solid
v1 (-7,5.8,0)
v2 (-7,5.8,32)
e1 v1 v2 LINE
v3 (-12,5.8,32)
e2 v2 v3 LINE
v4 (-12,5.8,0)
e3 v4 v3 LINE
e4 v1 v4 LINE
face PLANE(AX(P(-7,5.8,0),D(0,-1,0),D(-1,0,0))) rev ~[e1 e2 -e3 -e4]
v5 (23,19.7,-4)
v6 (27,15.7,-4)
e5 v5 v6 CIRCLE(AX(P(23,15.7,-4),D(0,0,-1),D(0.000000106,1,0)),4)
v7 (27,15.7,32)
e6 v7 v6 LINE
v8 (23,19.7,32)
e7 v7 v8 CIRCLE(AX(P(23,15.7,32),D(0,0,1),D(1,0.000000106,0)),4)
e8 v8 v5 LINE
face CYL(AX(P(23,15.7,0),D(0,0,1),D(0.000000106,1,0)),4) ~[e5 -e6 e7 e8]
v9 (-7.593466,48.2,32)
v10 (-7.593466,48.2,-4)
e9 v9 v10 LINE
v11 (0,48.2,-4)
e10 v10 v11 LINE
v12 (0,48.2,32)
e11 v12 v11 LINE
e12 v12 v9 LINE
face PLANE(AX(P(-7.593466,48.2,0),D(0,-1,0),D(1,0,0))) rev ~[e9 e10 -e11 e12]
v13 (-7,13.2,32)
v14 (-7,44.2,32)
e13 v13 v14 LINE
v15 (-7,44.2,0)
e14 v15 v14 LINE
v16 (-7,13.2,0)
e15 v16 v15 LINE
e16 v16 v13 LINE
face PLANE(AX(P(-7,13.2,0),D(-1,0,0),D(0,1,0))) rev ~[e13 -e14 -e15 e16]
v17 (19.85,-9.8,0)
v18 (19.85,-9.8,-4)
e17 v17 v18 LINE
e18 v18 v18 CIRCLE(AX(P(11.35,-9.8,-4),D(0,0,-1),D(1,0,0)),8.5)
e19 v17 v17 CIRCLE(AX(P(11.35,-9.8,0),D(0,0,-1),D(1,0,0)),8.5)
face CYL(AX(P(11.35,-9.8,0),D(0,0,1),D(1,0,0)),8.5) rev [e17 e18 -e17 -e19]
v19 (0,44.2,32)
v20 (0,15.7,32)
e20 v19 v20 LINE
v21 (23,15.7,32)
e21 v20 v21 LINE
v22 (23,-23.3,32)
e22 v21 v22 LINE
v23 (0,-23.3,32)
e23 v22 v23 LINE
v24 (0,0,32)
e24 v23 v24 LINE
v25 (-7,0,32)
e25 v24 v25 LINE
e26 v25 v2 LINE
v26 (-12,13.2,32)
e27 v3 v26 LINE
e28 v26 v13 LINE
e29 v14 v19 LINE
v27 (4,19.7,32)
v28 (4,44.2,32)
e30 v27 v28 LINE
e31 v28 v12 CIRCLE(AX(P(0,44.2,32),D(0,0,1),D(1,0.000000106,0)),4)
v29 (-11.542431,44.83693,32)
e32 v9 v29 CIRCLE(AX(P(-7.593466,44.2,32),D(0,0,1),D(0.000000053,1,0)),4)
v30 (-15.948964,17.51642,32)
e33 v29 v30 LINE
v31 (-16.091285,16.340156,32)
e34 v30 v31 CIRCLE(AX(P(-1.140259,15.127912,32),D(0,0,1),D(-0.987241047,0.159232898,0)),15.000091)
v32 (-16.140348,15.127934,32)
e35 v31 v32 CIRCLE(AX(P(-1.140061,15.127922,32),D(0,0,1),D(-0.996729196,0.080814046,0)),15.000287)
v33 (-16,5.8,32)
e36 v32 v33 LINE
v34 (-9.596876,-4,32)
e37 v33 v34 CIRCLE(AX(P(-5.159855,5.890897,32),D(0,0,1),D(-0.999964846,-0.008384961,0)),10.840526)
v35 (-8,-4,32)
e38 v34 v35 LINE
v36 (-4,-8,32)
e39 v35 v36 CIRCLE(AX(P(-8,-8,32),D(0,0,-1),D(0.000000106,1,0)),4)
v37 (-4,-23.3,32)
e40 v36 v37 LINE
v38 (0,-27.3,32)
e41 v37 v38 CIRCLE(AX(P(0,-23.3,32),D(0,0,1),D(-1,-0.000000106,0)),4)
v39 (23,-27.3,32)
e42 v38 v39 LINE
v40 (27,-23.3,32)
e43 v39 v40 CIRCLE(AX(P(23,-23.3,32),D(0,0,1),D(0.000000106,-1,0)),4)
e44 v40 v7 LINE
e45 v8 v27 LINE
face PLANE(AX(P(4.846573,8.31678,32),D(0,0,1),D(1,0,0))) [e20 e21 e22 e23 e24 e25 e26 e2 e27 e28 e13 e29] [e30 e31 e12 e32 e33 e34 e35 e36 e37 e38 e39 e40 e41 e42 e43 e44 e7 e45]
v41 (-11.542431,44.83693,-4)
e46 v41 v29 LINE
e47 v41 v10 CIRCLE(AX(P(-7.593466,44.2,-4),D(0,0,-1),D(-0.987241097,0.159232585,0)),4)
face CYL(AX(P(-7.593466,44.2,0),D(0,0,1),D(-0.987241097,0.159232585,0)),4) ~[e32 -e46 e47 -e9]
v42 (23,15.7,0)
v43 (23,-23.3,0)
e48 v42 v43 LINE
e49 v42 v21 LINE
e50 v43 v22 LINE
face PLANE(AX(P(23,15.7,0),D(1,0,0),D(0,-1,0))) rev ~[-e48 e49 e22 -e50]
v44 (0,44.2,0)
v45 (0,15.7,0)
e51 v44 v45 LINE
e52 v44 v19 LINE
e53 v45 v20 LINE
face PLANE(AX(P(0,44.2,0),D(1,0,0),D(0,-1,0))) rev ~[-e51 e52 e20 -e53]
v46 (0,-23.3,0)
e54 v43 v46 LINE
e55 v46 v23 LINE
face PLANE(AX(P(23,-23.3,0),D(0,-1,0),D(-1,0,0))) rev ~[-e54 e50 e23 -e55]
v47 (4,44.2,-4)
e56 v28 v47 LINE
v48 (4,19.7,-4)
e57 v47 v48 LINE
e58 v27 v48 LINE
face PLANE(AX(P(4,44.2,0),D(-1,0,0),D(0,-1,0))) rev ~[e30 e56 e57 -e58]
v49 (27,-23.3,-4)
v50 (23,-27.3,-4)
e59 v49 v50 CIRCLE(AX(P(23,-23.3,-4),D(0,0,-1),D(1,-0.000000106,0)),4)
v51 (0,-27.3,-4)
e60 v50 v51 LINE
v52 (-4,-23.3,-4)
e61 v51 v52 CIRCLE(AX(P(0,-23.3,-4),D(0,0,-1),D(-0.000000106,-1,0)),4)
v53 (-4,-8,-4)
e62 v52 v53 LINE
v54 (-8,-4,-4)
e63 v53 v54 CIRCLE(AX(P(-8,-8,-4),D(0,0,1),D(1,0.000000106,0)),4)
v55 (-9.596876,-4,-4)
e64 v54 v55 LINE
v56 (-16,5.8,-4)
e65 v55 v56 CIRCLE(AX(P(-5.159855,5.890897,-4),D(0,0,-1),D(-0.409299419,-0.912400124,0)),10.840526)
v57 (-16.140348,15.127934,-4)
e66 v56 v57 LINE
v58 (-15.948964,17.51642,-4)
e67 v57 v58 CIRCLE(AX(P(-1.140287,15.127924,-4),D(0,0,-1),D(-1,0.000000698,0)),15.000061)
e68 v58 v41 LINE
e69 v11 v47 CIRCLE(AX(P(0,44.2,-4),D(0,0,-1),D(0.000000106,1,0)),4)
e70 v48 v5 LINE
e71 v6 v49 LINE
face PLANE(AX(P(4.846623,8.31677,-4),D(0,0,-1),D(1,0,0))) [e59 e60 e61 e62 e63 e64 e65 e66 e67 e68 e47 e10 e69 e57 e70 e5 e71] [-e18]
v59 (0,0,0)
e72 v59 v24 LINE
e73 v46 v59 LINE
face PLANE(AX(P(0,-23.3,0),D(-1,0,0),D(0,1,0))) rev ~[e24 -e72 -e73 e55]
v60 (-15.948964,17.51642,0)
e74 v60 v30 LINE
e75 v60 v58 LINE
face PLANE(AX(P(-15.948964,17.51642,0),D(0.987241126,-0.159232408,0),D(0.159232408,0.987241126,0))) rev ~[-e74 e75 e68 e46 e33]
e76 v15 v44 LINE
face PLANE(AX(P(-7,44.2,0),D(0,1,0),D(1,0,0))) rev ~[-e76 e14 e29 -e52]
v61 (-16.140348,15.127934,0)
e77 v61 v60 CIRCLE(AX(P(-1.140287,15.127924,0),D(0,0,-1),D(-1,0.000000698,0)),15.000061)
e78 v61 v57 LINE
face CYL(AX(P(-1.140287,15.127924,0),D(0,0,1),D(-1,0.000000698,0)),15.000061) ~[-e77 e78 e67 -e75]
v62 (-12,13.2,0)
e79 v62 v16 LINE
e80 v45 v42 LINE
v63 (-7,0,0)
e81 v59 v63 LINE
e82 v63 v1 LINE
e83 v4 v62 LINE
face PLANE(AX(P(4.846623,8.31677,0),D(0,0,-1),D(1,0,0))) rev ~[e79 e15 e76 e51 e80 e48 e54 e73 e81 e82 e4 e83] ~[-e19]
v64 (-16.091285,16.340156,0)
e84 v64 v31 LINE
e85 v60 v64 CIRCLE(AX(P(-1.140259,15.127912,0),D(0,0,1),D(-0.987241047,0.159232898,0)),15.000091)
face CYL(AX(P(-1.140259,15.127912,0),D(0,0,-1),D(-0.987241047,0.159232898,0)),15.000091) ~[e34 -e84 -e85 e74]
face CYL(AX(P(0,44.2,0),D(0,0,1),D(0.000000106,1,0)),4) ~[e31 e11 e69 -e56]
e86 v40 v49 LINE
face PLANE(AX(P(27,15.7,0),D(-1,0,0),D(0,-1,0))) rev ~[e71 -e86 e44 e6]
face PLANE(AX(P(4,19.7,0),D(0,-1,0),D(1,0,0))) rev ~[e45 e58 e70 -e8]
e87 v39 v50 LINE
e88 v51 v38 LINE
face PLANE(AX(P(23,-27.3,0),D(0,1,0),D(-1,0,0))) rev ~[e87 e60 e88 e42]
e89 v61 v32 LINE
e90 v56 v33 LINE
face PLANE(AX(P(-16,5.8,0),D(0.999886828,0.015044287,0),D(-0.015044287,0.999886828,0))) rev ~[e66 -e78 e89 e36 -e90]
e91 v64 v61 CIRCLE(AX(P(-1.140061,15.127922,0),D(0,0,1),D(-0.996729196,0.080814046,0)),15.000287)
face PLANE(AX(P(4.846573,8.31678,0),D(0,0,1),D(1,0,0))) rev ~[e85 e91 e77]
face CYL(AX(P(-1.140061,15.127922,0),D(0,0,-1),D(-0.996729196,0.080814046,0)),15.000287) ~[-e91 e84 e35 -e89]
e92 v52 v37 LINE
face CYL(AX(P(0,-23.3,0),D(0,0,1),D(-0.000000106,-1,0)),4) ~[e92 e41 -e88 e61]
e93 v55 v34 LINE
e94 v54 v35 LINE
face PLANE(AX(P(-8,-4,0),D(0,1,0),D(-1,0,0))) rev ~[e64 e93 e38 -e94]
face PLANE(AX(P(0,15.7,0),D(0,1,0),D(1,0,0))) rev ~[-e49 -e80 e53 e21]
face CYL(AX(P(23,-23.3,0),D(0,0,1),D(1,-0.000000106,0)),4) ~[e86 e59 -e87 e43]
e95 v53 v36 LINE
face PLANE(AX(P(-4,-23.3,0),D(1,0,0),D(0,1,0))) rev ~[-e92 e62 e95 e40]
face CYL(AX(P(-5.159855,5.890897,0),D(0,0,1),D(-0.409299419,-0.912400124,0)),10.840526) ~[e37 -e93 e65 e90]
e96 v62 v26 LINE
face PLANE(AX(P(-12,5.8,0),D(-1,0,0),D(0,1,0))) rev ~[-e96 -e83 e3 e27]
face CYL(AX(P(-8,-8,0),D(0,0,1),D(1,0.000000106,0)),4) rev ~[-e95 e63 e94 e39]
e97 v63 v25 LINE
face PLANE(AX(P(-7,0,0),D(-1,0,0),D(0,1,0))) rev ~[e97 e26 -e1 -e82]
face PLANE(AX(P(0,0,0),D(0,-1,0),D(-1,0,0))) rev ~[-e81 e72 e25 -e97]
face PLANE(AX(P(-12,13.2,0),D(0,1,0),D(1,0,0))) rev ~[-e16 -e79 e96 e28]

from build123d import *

# Parameters (mm, degrees)
F1_DEPTH = 32
F2_R     = 8.5
F3_DEPTH = 4


with BuildPart() as f1:
    # F0 (on Top) → F1 (new body)
    with BuildSketch(Plane.XY):
        with BuildLine():
            Line((0, -27.3), (23, -27.3))
            ThreePointArc((23, -27.3), (25.828427, -26.128427), (27, -23.3))
            Line((27, -23.3), (27, 15.7))
            ThreePointArc((27, 15.7), (25.828427, 18.528427), (23, 19.7))
            Line((23, 19.7), (4, 19.7))
            Line((4, 19.7), (4, 44.2))
            ThreePointArc((4, 44.2), (2.828427, 47.028427), (0, 48.2))
            Line((0, 48.2), (-7, 48.2))
            Line((-7, 48.2), (-7.593466, 48.2))
            ThreePointArc((-7.593466, 48.2), (-10.186947, 47.245301), (-11.542431, 44.83693))
            Line((-11.542431, 44.83693), (-15.948964, 17.51642))
            ThreePointArc((-15.948964, 17.51642), (-16.031743, 16.929694), (-16.091285, 16.340156))
            ThreePointArc((-16.091285, 16.340156), (-16.128077, 15.734541), (-16.140348, 15.127934))
            Line((-16.140348, 15.127934), (-16, 5.8))
            ThreePointArc((-16, 5.8), (-14.234983, -0.03861), (-9.596876, -4))
            Line((-9.596876, -4), (-8, -4))
            ThreePointArc((-8, -4), (-5.171573, -5.171573), (-4, -8))
            Line((-4, -8), (-4, -23.3))
            ThreePointArc((-4, -23.3), (-2.828427, -26.128427), (0, -27.3))
        make_face()
        Polygon((0, -23.3), (0, 0), (-7, 0), (-7, 5.8), (-12, 5.8), (-12, 13.2), (-7, 13.2), (-7, 44.2), (0, 44.2), (0, 15.7), (23, 15.7), (23, -23.3), align=None, mode=Mode.SUBTRACT)
    extrude(amount=F1_DEPTH)

    # F2 (on face) → F3 (join)
    with BuildSketch(Plane(origin=(0, 0, 0), x_dir=(1, 0, 0), z_dir=(0, 0, -1))):
        with BuildLine():
            ThreePointArc((-11.542431, -44.83693), (-10.186947, -47.245301), (-7.593466, -48.2))
            Line((-7.593466, -48.2), (0, -48.2))
            ThreePointArc((0, -48.2), (2.828427, -47.028427), (4, -44.2))
            Line((4, -44.2), (4, -19.7))
            Line((4, -19.7), (23, -19.7))
            ThreePointArc((23, -19.7), (25.828427, -18.528427), (27, -15.7))
            Line((27, -15.7), (27, 23.3))
            ThreePointArc((27, 23.3), (25.828427, 26.128427), (23, 27.3))
            Line((23, 27.3), (0, 27.3))
            ThreePointArc((0, 27.3), (-2.828427, 26.128427), (-4, 23.3))
            Line((-4, 23.3), (-4, 8))
            ThreePointArc((-4, 8), (-5.171573, 5.171573), (-8, 4))
            Line((-8, 4), (-9.596876, 4))
            ThreePointArc((-9.596876, 4), (-14.234983, 0.03861), (-16, -5.8))
            Line((-16, -5.8), (-16.140348, -15.127934))
            ThreePointArc((-16.140348, -15.127934), (-16.092425, -16.326005), (-15.948964, -17.51642))
            Line((-15.948964, -17.51642), (-11.542431, -44.83693))
        make_face()
        Polygon((-7, 0), (0, 0), (0, 23.3), (23, 23.3), (23, -15.7), (0, -15.7), (0, -44.2), (-7, -44.2), (-7, -13.2), (-12, -13.2), (-12, -5.8), (-7, -5.8), align=None, mode=Mode.SUBTRACT)
        Polygon((0, 23.3), (0, 0), (-7, 0), (-7, -5.8), (-12, -5.8), (-12, -13.2), (-7, -13.2), (-7, -44.2), (0, -44.2), (0, -15.7), (23, -15.7), (23, 23.3), align=None)
        with Locations((11.35, 9.8)):
            Circle(F2_R, mode=Mode.SUBTRACT)
    extrude(amount=F3_DEPTH)


solid = f1.part
